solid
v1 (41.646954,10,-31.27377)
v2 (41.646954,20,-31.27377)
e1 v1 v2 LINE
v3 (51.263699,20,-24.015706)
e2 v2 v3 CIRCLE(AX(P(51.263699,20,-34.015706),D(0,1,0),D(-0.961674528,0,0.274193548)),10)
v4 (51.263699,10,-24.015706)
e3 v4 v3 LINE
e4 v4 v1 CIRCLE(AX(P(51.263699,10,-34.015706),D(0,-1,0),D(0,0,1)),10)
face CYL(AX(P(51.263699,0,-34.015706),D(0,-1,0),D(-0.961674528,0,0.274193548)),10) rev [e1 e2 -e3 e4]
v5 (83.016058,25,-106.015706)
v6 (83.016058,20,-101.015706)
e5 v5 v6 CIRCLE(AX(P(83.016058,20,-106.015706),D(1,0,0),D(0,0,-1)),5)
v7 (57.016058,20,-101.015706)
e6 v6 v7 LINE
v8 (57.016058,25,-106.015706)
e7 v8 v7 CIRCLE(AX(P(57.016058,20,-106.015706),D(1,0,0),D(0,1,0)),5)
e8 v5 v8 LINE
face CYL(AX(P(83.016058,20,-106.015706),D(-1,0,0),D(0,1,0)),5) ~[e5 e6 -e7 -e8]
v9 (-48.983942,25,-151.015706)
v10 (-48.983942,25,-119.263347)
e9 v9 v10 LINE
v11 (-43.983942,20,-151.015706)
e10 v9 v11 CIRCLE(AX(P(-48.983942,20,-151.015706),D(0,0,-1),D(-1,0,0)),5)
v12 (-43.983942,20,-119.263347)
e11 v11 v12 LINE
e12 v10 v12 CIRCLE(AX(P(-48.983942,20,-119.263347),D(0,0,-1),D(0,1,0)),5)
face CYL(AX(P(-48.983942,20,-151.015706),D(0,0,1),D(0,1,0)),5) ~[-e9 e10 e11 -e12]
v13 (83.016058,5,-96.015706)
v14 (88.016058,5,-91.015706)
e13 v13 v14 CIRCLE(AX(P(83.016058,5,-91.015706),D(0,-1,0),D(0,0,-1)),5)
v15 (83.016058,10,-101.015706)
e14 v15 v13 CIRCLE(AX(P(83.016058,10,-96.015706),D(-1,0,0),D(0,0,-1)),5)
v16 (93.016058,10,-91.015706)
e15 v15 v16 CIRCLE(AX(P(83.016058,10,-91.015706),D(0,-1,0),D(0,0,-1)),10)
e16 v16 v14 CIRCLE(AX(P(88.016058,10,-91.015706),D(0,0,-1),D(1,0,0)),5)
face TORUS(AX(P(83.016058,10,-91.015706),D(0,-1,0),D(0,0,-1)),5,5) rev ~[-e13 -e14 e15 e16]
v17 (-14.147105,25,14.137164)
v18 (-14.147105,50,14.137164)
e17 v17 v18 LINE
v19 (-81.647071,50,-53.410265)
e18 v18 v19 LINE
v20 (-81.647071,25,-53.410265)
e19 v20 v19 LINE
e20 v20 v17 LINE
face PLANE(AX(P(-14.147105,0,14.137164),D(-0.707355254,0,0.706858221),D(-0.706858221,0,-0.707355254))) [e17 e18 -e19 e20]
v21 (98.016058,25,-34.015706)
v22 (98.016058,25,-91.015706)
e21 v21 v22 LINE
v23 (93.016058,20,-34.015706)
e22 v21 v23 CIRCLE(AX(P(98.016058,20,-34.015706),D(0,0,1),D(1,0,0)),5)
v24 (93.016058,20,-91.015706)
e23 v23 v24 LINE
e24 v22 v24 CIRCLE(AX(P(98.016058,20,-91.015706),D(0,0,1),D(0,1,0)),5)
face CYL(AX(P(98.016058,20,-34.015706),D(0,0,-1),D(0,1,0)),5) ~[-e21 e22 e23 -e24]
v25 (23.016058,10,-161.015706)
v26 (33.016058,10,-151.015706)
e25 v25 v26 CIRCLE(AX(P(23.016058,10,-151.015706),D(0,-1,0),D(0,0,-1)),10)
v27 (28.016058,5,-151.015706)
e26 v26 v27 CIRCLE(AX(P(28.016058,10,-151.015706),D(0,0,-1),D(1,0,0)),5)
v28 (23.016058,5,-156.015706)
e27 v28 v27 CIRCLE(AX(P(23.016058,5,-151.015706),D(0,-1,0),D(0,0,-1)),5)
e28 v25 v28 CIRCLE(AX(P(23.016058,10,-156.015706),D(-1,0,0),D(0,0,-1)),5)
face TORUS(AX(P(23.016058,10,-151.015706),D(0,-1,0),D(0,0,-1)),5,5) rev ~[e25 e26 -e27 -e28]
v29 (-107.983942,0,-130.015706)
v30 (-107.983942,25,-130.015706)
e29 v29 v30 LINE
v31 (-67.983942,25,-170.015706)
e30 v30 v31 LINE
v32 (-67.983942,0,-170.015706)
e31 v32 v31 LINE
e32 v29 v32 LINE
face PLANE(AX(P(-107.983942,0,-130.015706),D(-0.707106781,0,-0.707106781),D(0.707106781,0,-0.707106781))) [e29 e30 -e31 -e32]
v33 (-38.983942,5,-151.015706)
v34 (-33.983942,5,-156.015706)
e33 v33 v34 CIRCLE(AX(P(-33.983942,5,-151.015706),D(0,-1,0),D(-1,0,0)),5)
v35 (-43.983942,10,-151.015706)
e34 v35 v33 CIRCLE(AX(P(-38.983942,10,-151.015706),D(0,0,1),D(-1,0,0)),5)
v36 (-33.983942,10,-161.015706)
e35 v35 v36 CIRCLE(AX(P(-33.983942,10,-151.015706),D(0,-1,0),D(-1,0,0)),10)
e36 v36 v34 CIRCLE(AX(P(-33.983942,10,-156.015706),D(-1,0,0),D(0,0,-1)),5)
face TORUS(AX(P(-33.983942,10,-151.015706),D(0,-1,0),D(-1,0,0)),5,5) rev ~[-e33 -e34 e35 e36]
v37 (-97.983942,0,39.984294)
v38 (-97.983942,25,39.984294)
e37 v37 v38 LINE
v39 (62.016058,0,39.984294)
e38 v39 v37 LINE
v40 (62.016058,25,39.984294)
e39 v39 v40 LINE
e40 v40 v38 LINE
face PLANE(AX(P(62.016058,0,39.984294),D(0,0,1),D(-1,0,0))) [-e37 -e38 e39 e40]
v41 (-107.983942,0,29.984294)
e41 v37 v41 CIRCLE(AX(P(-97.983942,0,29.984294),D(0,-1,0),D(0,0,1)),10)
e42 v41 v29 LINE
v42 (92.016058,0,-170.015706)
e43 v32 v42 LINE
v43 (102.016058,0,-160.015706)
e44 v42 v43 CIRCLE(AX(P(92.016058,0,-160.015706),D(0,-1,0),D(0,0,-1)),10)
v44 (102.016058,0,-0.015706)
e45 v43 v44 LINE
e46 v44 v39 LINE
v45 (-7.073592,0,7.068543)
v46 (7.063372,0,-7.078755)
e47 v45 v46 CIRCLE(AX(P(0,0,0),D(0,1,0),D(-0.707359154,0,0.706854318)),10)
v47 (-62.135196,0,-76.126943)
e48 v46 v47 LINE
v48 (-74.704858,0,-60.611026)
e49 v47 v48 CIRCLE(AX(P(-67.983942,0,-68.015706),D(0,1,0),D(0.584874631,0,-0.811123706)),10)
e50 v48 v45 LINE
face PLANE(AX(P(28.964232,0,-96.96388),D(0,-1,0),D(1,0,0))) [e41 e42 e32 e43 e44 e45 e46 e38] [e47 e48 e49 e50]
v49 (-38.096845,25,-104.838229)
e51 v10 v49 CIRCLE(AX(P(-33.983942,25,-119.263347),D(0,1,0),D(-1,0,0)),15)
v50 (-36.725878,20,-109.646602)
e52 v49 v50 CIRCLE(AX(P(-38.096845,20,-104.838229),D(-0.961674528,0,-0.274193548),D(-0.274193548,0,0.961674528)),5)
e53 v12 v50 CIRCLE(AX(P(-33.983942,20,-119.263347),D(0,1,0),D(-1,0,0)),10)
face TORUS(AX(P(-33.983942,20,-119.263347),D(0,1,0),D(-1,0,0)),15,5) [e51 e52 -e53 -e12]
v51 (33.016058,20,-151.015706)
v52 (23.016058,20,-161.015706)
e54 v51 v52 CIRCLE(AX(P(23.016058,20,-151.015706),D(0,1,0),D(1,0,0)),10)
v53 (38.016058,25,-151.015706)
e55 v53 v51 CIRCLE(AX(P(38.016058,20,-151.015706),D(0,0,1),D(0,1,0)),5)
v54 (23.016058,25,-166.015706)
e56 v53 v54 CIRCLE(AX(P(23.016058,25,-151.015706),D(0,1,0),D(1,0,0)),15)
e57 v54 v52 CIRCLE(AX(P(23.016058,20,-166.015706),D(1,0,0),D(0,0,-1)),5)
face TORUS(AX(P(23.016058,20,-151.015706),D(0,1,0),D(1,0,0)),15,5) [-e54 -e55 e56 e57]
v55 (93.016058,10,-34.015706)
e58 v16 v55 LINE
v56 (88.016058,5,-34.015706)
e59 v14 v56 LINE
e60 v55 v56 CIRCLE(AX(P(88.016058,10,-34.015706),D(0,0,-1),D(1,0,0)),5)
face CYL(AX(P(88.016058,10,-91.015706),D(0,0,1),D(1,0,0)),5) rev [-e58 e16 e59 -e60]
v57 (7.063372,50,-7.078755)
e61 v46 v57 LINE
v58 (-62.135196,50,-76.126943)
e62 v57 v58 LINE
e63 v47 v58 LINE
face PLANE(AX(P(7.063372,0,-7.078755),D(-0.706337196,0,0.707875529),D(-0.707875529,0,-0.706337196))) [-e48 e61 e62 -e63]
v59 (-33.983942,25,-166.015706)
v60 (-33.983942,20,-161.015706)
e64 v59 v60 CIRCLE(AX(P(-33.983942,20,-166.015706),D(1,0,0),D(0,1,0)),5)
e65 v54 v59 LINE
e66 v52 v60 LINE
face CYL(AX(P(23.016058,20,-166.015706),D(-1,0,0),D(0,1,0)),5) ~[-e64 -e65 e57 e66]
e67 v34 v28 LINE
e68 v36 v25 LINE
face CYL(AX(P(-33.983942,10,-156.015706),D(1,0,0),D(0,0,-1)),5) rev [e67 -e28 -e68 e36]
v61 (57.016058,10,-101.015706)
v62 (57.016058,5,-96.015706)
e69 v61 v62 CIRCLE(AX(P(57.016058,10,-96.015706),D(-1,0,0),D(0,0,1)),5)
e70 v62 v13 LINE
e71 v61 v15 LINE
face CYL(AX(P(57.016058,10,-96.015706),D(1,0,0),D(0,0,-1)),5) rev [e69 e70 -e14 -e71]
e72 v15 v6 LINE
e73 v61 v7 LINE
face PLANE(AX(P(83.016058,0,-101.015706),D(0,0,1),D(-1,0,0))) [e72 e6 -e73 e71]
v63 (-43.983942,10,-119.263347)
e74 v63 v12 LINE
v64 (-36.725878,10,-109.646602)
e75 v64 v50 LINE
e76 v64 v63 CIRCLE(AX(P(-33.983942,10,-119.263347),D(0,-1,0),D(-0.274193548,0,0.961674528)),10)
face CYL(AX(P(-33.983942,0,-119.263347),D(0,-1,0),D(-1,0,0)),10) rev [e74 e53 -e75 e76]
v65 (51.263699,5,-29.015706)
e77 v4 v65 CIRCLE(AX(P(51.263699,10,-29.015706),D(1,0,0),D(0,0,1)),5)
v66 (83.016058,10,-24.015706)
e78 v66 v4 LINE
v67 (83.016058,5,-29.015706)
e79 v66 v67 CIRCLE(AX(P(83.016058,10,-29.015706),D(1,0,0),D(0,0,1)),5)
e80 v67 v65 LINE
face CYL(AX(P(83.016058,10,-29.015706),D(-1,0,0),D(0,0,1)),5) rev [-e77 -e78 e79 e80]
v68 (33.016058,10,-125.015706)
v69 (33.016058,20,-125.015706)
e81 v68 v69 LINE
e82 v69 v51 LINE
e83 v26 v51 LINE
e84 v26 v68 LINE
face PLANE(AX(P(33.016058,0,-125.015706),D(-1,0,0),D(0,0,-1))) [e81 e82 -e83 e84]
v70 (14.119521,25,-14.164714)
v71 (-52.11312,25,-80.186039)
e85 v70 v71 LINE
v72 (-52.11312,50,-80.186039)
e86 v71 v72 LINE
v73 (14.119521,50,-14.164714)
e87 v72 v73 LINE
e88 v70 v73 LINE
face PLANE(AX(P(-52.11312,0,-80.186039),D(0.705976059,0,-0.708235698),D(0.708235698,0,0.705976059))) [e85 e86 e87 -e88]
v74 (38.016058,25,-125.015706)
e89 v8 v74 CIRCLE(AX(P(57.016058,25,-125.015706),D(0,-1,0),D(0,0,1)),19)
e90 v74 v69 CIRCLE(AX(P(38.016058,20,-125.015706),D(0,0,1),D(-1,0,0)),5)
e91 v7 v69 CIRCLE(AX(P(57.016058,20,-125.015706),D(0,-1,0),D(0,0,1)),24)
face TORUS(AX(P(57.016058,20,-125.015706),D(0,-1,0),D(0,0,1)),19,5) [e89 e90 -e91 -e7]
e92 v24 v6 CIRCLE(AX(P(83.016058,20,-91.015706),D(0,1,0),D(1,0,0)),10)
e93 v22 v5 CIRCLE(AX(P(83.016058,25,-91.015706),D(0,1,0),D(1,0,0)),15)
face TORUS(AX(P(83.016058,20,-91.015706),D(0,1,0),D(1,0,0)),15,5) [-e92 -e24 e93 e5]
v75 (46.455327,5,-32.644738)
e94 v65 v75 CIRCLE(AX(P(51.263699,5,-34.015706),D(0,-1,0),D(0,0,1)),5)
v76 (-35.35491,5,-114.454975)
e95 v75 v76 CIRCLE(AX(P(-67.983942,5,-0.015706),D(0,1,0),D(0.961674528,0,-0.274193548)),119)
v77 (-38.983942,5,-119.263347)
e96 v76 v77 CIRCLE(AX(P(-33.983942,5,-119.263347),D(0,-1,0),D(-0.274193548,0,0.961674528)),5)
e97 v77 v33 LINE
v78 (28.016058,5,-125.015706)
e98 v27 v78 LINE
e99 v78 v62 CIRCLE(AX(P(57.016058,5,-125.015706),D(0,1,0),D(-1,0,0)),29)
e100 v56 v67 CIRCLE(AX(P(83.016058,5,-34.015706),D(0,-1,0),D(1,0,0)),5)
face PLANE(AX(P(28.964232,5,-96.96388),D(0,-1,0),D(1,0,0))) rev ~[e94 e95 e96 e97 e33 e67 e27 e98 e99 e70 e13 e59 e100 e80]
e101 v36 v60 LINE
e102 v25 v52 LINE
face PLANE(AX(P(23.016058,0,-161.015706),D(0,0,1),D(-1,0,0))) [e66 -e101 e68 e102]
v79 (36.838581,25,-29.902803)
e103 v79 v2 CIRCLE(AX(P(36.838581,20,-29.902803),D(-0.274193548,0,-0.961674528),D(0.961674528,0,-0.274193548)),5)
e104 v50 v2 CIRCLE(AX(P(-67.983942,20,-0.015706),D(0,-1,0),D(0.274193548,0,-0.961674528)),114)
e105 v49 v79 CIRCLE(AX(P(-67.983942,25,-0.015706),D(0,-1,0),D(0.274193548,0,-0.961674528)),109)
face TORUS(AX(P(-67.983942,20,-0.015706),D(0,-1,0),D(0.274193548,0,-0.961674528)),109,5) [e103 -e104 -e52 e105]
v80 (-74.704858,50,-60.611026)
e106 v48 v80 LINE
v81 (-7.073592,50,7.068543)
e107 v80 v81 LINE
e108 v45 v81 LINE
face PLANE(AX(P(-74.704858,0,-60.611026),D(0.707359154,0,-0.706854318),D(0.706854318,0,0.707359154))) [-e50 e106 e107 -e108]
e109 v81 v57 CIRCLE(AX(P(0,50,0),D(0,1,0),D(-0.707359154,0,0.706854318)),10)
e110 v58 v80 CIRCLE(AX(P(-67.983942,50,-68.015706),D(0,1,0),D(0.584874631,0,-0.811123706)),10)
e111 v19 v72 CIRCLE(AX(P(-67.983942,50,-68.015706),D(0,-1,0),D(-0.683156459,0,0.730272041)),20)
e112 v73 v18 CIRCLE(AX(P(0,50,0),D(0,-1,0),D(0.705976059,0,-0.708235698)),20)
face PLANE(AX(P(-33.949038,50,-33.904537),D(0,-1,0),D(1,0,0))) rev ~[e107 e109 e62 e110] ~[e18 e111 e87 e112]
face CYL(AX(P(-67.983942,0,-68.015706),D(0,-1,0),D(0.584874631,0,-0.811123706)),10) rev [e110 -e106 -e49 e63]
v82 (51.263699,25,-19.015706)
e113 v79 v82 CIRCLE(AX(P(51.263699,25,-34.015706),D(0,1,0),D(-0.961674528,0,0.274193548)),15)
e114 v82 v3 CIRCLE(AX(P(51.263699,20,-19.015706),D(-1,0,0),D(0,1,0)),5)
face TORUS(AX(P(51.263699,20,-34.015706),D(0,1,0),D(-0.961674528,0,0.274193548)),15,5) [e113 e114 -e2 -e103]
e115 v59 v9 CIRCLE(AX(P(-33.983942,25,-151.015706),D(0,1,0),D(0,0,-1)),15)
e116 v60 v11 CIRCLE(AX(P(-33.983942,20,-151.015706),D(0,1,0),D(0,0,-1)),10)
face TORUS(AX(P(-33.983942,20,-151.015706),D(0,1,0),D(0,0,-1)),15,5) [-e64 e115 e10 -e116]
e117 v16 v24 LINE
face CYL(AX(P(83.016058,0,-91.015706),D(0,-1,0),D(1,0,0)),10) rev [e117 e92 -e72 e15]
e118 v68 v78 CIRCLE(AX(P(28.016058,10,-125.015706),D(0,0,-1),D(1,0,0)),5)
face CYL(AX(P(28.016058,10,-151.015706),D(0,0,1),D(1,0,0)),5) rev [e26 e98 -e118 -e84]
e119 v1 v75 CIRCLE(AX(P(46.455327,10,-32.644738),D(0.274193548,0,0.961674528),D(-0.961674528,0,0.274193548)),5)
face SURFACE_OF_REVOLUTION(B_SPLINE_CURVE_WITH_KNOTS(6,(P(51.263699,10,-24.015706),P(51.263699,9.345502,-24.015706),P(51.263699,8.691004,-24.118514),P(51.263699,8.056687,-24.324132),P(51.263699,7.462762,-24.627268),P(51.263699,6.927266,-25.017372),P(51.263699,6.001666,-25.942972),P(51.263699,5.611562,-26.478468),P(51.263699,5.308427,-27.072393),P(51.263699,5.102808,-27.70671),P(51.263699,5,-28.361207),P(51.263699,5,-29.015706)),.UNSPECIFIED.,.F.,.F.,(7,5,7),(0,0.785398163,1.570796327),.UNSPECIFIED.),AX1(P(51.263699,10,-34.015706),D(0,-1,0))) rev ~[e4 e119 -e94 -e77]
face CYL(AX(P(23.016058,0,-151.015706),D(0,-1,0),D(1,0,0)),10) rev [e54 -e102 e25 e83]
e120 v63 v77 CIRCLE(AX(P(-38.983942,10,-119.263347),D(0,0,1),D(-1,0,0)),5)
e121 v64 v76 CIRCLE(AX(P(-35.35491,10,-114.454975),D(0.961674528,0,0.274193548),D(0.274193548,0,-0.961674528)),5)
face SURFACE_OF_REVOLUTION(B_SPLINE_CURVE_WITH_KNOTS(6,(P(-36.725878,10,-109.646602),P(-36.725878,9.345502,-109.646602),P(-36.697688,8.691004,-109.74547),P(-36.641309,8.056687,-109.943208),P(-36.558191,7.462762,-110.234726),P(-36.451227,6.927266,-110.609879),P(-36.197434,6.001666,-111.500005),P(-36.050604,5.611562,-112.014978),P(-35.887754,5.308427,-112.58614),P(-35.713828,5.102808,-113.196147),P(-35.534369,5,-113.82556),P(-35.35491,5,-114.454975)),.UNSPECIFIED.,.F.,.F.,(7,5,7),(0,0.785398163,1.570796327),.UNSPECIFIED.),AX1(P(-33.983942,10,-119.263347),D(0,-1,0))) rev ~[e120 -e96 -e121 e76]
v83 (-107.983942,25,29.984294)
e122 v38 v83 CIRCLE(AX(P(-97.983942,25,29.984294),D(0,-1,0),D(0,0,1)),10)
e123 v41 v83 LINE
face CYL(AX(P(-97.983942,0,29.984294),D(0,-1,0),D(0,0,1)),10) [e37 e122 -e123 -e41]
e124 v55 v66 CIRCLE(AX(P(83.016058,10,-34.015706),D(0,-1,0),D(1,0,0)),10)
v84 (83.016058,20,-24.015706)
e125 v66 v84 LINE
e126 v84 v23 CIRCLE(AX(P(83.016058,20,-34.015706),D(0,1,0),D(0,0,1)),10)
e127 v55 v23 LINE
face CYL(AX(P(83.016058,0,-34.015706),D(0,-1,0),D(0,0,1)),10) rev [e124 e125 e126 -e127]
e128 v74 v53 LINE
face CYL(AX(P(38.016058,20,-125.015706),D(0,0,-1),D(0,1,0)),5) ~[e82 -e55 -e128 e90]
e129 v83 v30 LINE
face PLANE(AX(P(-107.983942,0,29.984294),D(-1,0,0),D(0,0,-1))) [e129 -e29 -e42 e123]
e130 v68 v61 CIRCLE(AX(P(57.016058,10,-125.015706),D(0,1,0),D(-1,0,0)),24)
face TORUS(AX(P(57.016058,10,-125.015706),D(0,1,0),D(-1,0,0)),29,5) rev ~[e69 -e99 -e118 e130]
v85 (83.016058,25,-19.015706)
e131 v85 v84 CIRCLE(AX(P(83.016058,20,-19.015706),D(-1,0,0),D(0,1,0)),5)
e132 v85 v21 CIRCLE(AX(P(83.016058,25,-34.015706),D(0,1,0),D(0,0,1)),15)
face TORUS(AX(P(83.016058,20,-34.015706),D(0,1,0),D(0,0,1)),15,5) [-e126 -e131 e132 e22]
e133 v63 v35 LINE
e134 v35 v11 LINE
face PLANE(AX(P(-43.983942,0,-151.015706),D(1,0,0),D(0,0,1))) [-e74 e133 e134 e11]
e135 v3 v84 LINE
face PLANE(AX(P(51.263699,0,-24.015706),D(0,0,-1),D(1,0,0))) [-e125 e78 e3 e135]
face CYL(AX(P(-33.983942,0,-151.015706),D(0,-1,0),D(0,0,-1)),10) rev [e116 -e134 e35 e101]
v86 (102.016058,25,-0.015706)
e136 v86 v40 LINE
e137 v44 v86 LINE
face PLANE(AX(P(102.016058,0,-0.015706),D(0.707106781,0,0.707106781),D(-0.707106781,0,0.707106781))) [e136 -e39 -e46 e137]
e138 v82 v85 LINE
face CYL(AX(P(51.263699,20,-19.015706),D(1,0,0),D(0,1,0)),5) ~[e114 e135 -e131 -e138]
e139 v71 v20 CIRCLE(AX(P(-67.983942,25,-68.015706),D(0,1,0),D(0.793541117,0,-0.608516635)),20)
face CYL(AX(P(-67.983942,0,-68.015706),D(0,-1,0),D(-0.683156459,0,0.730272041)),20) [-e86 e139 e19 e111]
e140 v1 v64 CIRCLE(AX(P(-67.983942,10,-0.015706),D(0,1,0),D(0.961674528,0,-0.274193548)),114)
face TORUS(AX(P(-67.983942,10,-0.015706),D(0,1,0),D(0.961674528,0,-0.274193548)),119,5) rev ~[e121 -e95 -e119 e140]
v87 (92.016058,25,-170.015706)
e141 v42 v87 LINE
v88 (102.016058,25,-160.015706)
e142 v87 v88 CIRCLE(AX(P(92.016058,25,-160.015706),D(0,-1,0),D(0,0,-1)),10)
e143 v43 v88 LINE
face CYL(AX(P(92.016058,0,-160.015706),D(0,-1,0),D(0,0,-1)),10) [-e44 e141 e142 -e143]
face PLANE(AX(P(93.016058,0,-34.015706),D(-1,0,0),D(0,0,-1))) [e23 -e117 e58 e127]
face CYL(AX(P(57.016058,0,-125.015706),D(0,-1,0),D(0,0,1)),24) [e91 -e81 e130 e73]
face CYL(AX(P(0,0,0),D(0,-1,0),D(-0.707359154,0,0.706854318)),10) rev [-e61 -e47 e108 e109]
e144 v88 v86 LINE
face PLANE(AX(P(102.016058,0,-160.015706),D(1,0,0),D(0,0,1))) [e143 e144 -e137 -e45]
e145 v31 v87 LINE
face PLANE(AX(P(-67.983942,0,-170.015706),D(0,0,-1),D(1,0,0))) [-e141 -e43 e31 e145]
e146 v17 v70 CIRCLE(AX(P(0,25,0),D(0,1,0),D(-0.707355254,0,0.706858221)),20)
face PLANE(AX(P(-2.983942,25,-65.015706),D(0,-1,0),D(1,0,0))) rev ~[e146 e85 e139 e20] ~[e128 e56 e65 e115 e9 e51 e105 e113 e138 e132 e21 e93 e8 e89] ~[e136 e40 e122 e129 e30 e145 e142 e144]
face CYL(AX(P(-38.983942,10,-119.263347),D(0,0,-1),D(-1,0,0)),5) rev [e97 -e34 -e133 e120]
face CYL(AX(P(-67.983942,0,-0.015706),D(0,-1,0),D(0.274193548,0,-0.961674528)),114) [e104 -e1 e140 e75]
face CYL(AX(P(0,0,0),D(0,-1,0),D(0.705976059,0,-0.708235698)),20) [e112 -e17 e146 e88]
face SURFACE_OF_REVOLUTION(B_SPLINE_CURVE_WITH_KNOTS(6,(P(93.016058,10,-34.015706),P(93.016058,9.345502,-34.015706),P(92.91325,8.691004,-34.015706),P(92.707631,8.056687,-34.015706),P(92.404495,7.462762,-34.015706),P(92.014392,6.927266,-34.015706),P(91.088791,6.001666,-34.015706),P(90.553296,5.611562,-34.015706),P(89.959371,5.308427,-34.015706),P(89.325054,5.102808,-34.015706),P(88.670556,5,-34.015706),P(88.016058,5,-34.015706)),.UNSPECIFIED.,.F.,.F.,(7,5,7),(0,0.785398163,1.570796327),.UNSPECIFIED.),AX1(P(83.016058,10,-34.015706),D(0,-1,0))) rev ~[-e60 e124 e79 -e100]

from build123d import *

# Parameters (mm, degrees)
F1_DEPTH = 50
F2_DEPTH = 25
F4_DEPTH = 5
F5_R     = 5


with BuildPart() as f1:
    # F0 (on Front) → F1 (new body)
    with BuildSketch(Plane.XZ):
        with BuildLine():
            Line((-14.1471050896, 14.137164411), (-81.6470713128, -53.4102650408))
            ThreePointArc((-81.6470713128, -53.4102650408), (-81.4172585272, -82.8327909518), (-52.1131197981, -80.1860385553))
            Line((-52.1131197981, -80.1860385553), (14.1195211891, -14.1647139537))
            ThreePointArc((14.1195211891, -14.1647139537), (14.1509459034, 14.133319852), (-14.1471050896, 14.137164411))
        make_face()
        with BuildLine():
            ThreePointArc((-7.0735915388, 7.0685431839), (7.0736510846, 7.068483595), (7.0633719628, -7.0787552942))
            Line((7.0633719628, -7.0787552942), (-62.1351958298, -76.1269429069))
            ThreePointArc((-62.1351958298, -76.1269429069), (-75.7541474378, -74.3104584003), (-74.7048583437, -60.6110258843))
            Line((-74.7048583437, -60.6110258843), (-7.0735915388, 7.0685431839))
        make_face(mode=Mode.SUBTRACT)
    extrude(amount=-F1_DEPTH)

    # F0 (on Front) → F2 (join)
    with BuildSketch(Plane.XZ):
        with BuildLine():
            Line((102.0160578582, -0.0157058509), (62.0160578582, 39.9842941491))
            Line((62.0160578582, 39.9842941491), (-97.9839421418, 39.9842941491))
            ThreePointArc((-97.9839421418, 39.9842941491), (-105.0550099537, 37.055361961), (-107.9839421418, 29.9842941491))
            Line((-107.9839421418, 29.9842941491), (-107.9839421418, -130.0157058509))
            Line((-107.9839421418, -130.0157058509), (-67.9839421418, -170.0157058509))
            Line((-67.9839421418, -170.0157058509), (92.0160578582, -170.0157058509))
            ThreePointArc((92.0160578582, -170.0157058509), (99.0871256701, -167.0867736627), (102.0160578582, -160.0157058509))
            Line((102.0160578582, -160.0157058509), (102.0160578582, -0.0157058509))
        make_face()
        with BuildLine():
            ThreePointArc((93.0160578582, -91.0157058509), (90.0871256701, -98.0867736627), (83.0160578582, -101.0157058509))
            Line((83.0160578582, -101.0157058509), (57.0160578582, -101.0157058509))
            ThreePointArc((57.0160578582, -101.0157058509), (40.0454951097, -108.0451431024), (33.0160578582, -125.0157058509))
            Line((33.0160578582, -125.0157058509), (33.0160578582, -151.0157058509))
            ThreePointArc((33.0160578582, -151.0157058509), (30.0871256701, -158.0867736627), (23.0160578582, -161.0157058509))
            Line((23.0160578582, -161.0157058509), (-33.9839421418, -161.0157058509))
            ThreePointArc((-33.9839421418, -161.0157058509), (-41.0550099537, -158.0867736627), (-43.9839421418, -151.0157058509))
            Line((-43.9839421418, -151.0157058509), (-43.9839421418, -119.263347337))
            ThreePointArc((-43.9839421418, -119.263347337), (-41.9657763558, -113.2392023702), (-36.7258776257, -109.6466020559))
            ThreePointArc((-36.7258776257, -109.6466020559), (12.6262309135, -80.6258789061), (41.6469540632, -31.273770367))
            ThreePointArc((41.6469540632, -31.273770367), (45.2395543775, -26.0338716369), (51.2636993443, -24.0157058509))
            Line((51.2636993443, -24.0157058509), (83.0160578582, -24.0157058509))
            ThreePointArc((83.0160578582, -24.0157058509), (90.0871256701, -26.944638039), (93.0160578582, -34.0157058509))
            Line((93.0160578582, -34.0157058509), (93.0160578582, -91.0157058509))
        make_face(mode=Mode.SUBTRACT)
        with BuildLine():
            ThreePointArc((-52.1131197981, -80.1860385553), (-81.4172585272, -82.8327909518), (-81.6470713128, -53.4102650408))
            Line((-81.6470713128, -53.4102650408), (-14.1471050896, 14.137164411))
            ThreePointArc((-14.1471050896, 14.137164411), (14.1509459034, 14.133319852), (14.1195211891, -14.1647139537))
            Line((14.1195211891, -14.1647139537), (-52.1131197981, -80.1860385553))
        make_face(mode=Mode.SUBTRACT)
    extrude(amount=-F2_DEPTH)

    # F3 (on face) → F4 (join)
    with BuildSketch(Plane.XZ):
        with BuildLine():
            ThreePointArc((51.2636993443, -24.0157058509), (45.2395543775, -26.0338716369), (41.6469540632, -31.273770367))
            ThreePointArc((41.6469540632, -31.273770367), (12.6262309135, -80.6258789061), (-36.7258776257, -109.6466020559))
            ThreePointArc((-36.7258776257, -109.6466020559), (-41.9657763558, -113.2392023702), (-43.9839421418, -119.263347337))
            Line((-43.9839421418, -119.263347337), (-43.9839421418, -151.0157058509))
            ThreePointArc((-43.9839421418, -151.0157058509), (-41.0550099537, -158.0867736627), (-33.9839421418, -161.0157058509))
            Line((-33.9839421418, -161.0157058509), (23.0160578582, -161.0157058509))
            ThreePointArc((23.0160578582, -161.0157058509), (30.0871256701, -158.0867736627), (33.0160578582, -151.0157058509))
            Line((33.0160578582, -151.0157058509), (33.0160578582, -125.0157058509))
            ThreePointArc((33.0160578582, -125.0157058509), (40.0454951097, -108.0451431024), (57.0160578582, -101.0157058509))
            Line((57.0160578582, -101.0157058509), (83.0160578582, -101.0157058509))
            ThreePointArc((83.0160578582, -101.0157058509), (90.0871256701, -98.0867736627), (93.0160578582, -91.0157058509))
            Line((93.0160578582, -91.0157058509), (93.0160578582, -34.0157058509))
            ThreePointArc((93.0160578582, -34.0157058509), (90.0871256701, -26.944638039), (83.0160578582, -24.0157058509))
            Line((83.0160578582, -24.0157058509), (51.2636993443, -24.0157058509))
        make_face()
    extrude(amount=-F4_DEPTH)

    # F5
    f5_edges = [f1.edges().sort_by_distance(p)[0] for p in [
        (67.139879, 5, -24.015706),
        (83.016058, 15, -24.015706),
        (67.139879, 25, -24.015706),
        (51.263699, 15, -24.015706),
        (45.239554, 5, -26.033872),
        (12.626231, 5, -80.625879),
        (-41.965776, 5, -113.239202),
        (-43.983942, 5, -135.139527),
        (-41.05501, 5, -158.086774),
        (-5.483942, 5, -161.015706),
        (30.087126, 5, -158.086774),
        (33.016058, 5, -138.015706),
        (40.045495, 5, -108.045143),
        (70.016058, 5, -101.015706),
        (90.087126, 5, -98.086774),
        (93.016058, 5, -62.515706),
        (90.087126, 5, -26.944638),
    ]]
    fillet(f5_edges, radius=F5_R)


solid = f1.part
